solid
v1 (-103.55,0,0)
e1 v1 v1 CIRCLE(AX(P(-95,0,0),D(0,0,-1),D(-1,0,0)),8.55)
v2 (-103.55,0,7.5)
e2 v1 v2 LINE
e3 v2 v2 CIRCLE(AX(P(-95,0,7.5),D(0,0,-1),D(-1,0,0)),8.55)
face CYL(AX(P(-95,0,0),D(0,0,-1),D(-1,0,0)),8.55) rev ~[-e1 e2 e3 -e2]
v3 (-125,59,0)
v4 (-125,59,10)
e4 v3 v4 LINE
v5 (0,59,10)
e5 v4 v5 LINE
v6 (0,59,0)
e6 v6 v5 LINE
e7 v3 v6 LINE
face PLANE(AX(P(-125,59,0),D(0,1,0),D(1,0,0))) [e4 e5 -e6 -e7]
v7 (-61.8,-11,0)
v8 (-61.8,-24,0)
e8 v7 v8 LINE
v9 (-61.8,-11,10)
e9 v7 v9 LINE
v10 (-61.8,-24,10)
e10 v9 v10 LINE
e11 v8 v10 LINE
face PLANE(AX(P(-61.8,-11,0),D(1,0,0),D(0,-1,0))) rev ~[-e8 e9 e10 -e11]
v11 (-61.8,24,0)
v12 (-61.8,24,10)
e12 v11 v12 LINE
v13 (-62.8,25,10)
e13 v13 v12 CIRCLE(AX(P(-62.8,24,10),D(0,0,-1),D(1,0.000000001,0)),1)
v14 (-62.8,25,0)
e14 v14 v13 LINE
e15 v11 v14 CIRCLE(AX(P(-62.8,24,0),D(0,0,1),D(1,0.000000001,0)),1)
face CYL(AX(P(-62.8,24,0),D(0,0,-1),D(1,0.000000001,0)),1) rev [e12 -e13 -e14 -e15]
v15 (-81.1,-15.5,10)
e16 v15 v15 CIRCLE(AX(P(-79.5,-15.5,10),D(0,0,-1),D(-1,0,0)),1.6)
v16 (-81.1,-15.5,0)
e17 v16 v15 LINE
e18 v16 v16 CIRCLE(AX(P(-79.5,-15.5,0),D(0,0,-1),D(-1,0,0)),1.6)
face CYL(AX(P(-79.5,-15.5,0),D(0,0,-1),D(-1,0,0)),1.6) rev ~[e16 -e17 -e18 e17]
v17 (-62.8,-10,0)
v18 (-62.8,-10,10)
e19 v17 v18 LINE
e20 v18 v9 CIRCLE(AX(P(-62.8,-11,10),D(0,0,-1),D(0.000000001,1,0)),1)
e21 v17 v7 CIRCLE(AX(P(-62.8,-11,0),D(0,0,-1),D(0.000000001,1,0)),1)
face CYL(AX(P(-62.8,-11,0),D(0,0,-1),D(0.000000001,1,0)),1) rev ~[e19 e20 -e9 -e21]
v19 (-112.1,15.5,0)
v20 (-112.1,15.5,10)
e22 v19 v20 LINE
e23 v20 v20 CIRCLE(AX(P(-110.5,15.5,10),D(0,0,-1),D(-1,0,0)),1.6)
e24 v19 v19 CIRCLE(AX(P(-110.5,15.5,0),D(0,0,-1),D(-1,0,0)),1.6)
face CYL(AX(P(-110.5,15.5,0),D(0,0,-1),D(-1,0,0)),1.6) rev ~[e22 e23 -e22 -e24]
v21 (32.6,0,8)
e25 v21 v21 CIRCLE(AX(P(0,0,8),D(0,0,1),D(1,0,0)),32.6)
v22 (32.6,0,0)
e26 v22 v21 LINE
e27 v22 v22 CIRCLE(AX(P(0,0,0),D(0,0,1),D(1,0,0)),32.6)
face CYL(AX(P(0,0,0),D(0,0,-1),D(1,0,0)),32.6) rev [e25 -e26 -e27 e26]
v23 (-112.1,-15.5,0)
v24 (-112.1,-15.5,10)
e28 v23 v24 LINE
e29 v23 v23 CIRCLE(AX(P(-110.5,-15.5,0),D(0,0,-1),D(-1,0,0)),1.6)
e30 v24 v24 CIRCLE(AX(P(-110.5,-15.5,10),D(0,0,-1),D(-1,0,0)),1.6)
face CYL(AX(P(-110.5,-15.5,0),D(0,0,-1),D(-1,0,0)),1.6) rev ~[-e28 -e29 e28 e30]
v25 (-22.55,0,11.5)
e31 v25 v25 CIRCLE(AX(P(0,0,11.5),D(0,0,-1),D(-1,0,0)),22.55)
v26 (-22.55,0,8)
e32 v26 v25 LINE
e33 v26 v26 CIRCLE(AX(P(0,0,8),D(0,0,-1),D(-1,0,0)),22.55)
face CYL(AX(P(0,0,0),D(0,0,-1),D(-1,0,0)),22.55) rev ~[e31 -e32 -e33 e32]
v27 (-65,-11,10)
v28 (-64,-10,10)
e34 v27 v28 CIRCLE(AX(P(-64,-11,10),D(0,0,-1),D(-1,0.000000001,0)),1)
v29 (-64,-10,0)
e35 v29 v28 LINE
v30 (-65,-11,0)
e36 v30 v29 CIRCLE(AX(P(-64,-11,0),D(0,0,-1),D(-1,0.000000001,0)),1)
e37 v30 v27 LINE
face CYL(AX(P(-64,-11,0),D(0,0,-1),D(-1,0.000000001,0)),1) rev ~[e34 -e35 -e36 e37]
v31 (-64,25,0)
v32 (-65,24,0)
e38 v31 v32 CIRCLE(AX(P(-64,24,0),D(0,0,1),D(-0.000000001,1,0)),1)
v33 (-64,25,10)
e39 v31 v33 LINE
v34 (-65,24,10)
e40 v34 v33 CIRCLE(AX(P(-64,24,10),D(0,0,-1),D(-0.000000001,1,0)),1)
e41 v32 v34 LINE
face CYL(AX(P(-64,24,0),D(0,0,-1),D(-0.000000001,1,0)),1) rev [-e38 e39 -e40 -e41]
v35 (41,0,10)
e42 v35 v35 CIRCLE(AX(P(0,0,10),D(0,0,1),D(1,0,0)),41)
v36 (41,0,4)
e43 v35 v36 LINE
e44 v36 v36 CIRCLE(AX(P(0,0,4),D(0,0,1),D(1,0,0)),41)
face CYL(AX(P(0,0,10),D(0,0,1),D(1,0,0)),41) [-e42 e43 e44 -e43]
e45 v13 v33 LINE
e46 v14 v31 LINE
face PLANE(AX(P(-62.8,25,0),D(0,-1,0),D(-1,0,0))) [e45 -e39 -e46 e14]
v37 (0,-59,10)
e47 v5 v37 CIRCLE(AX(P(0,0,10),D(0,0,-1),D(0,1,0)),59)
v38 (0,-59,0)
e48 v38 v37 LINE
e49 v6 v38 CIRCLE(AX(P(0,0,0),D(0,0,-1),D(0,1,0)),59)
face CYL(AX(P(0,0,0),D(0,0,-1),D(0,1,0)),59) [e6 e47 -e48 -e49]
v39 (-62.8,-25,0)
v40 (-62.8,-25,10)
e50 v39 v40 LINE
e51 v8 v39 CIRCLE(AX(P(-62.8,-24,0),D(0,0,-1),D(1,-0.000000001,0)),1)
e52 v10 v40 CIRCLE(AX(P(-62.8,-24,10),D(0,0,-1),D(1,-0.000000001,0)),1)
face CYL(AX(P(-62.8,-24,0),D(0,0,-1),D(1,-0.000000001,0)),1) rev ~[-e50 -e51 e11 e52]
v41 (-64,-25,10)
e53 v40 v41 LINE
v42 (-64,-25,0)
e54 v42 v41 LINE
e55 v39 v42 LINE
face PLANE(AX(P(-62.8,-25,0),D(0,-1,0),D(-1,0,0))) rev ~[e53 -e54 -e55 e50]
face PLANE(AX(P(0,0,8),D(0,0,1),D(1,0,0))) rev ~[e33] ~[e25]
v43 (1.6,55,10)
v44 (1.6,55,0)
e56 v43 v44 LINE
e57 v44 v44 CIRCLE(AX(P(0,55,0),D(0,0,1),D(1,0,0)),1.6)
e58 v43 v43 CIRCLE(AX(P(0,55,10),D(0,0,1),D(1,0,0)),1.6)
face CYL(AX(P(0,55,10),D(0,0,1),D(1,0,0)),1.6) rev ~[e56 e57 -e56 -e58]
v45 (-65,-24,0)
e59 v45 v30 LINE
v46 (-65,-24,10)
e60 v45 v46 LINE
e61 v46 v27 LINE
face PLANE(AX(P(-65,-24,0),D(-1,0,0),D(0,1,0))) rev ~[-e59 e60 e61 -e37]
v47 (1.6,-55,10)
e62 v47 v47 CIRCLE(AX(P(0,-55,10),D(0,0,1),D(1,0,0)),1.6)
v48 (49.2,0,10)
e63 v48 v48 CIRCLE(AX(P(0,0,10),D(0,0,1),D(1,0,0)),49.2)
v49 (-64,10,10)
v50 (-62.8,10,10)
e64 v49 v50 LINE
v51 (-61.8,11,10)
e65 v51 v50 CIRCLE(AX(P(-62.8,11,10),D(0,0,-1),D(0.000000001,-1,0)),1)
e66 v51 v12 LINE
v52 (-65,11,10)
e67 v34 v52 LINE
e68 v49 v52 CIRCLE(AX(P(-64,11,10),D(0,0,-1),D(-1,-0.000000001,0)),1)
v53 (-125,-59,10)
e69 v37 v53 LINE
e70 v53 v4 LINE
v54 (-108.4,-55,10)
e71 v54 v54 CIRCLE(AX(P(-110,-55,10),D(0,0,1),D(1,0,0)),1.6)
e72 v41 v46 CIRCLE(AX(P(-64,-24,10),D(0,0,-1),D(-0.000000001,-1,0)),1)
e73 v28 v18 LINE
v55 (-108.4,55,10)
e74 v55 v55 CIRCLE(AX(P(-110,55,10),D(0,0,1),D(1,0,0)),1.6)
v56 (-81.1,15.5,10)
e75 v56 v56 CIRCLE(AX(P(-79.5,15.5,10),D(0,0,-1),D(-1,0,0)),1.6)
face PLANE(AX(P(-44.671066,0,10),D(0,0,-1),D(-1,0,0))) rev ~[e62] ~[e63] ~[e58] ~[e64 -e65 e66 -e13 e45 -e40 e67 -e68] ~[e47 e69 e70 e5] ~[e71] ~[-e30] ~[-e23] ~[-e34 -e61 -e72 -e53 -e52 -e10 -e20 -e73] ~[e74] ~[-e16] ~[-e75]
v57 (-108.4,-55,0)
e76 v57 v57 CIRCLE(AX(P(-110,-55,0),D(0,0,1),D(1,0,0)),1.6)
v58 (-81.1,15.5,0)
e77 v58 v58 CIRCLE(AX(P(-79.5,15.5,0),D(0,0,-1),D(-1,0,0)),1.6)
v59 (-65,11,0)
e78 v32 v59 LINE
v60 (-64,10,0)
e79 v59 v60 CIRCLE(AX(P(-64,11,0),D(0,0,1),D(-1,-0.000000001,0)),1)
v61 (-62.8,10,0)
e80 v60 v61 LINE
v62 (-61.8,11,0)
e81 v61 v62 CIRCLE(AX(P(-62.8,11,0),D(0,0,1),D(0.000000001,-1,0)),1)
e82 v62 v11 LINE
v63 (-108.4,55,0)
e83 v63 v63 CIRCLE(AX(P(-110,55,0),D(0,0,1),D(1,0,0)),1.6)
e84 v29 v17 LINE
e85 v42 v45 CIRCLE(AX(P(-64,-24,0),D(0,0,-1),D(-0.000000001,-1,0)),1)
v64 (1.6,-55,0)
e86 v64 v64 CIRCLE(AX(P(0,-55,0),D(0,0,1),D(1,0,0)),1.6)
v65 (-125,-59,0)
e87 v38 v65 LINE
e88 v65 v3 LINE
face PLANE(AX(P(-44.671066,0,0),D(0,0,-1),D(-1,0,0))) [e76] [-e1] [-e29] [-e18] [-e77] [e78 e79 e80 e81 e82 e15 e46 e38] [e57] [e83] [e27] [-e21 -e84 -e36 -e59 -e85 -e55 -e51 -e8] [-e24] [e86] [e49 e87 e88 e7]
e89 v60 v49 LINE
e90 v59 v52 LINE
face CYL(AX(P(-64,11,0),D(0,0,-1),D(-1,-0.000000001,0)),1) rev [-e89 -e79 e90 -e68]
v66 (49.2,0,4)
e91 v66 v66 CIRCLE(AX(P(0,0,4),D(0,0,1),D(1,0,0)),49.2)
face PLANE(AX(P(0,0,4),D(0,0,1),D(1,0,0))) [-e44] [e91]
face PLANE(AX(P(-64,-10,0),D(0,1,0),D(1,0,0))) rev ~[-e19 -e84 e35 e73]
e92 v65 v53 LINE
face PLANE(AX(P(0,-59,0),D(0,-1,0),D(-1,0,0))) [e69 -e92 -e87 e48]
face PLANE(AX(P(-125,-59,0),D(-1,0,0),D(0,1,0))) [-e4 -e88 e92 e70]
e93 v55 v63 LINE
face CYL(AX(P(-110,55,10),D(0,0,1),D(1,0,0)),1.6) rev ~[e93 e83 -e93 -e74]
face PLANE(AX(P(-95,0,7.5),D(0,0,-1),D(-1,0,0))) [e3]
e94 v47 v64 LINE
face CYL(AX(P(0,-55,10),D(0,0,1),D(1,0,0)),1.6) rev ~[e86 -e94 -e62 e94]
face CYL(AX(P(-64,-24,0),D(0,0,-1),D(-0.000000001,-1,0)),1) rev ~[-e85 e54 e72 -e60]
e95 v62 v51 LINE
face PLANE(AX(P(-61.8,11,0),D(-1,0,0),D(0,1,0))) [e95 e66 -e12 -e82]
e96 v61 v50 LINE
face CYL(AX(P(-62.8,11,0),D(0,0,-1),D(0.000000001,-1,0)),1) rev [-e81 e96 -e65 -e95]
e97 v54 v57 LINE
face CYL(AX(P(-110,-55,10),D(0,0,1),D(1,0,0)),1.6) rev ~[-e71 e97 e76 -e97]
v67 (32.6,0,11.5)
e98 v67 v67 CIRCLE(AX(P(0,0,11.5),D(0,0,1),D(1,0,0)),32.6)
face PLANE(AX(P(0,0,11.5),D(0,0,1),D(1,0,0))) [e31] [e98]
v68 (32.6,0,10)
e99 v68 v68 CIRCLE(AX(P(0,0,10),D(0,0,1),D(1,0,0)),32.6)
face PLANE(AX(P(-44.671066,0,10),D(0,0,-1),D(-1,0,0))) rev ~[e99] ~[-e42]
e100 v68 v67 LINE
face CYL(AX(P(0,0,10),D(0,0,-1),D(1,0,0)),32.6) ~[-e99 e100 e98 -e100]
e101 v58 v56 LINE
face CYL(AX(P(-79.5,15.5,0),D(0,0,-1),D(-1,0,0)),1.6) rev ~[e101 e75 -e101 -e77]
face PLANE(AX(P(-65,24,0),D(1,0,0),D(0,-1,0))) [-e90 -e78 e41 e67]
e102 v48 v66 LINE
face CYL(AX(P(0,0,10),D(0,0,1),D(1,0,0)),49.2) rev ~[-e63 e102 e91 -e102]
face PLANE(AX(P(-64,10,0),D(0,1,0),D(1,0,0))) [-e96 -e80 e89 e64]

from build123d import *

# Parameters (mm, degrees)
BOSS_EXTRUDE1_DEPTH = 10
SKETCH2_R           = 32.6
BOSS_EXTRUDE2_DEPTH = 1.5
CUT_EXTRUDE1_START  = -10
SKETCH3_R           = 32.6
SKETCH3_R_2         = 22.5
CUT_EXTRUDE1_DEPTH  = 8
SKETCH6_R           = 1.6
CUT_EXTRUDE4_DEPTH  = 10
SKETCH7_R           = 8.55
CUT_EXTRUDE5_DEPTH  = 7.5
SKETCH5_R           = 49.2
SKETCH5_R_2         = 41
CUT_EXTRUDE7_DEPTH  = 6
SKETCH9_R           = 1.6
CUT_EXTRUDE8_DEPTH  = 139.702018731
SKETCH10_R          = 22.55
CUT_EXTRUDE9_DEPTH  = 139.702018731
CUT_EXTRUDE10_DEPTH = 139.702018731


with BuildPart() as part:
    # Sketch1 → Boss-Extrude1 (new body)
    with BuildSketch(Plane.XY):
        with BuildLine():
            Line((-125, 59), (0, 59))
            ThreePointArc((0, 59), (59, 0), (0, -59))
            Line((0, -59), (-125, -59))
            Line((-125, -59), (-125, 59))
        make_face()
    extrude(amount=BOSS_EXTRUDE1_DEPTH)

    # Sketch2 → Boss-Extrude2 (add)
    with BuildSketch(Plane.XY.offset(10)):
        Circle(SKETCH2_R)
    extrude(amount=BOSS_EXTRUDE2_DEPTH)

    # Sketch3 → Cut-Extrude1 (cut)
    with BuildSketch(Plane.XY.offset(10).offset(CUT_EXTRUDE1_START)):
        Circle(SKETCH3_R)
        Circle(SKETCH3_R_2, mode=Mode.SUBTRACT)
    extrude(amount=CUT_EXTRUDE1_DEPTH, mode=Mode.SUBTRACT)

    # Sketch6 → Cut-Extrude4 (cut)
    with BuildSketch(Plane.XY.offset(10)):
        with Locations((0, -55)):
            Circle(SKETCH6_R)
        with Locations((-110, -55)):
            Circle(SKETCH6_R)
        with Locations((-110, 55)):
            Circle(SKETCH6_R)
        with Locations((0, 55)):
            Circle(SKETCH6_R)
    extrude(amount=-CUT_EXTRUDE4_DEPTH, mode=Mode.SUBTRACT)

    # Sketch7 → Cut-Extrude5 (cut)
    with BuildSketch(Plane(origin=(0, 0, 0), x_dir=(-1, 0, 0), z_dir=(0, 0, -1))):
        with Locations((95, 0)):
            Circle(SKETCH7_R)
    extrude(amount=-CUT_EXTRUDE5_DEPTH, mode=Mode.SUBTRACT)

    # Sketch5 → Cut-Extrude7 (cut)
    with BuildSketch(Plane.XY.offset(10)):
        Circle(SKETCH5_R)
        Circle(SKETCH5_R_2, mode=Mode.SUBTRACT)
    extrude(amount=-CUT_EXTRUDE7_DEPTH, mode=Mode.SUBTRACT)

    # Sketch9 → Cut-Extrude8 (cut, through all)
    with BuildSketch(Plane(origin=(0, 0, 0), x_dir=(-1, 0, 0), z_dir=(0, 0, -1))):
        with Locations((79.5, -15.5)):
            Circle(SKETCH9_R)
        with Locations((79.5, 15.5)):
            Circle(SKETCH9_R)
        with Locations((110.5, 15.5)):
            Circle(SKETCH9_R)
        with Locations((110.5, -15.5)):
            Circle(SKETCH9_R)
    extrude(amount=-CUT_EXTRUDE8_DEPTH, mode=Mode.SUBTRACT)

    # Sketch10 → Cut-Extrude9 (cut, through all)
    with BuildSketch(Plane(origin=(0, 0, 0), x_dir=(-1, 0, 0), z_dir=(0, 0, -1))):
        Circle(SKETCH10_R)
    extrude(amount=-CUT_EXTRUDE9_DEPTH, mode=Mode.SUBTRACT)

    # Sketch11 → Cut-Extrude10 (cut, through all)
    with BuildSketch(Plane(origin=(0, 0, 0), x_dir=(-1, 0, 0), z_dir=(0, 0, -1))):
        with BuildLine():
            Line((65, -24), (65, -11))
            ThreePointArc((65, -11), (64.707106781, -10.292893219), (64, -10))
            Line((64, -10), (62.8, -10))
            ThreePointArc((62.8, -10), (62.092893219, -10.292893219), (61.8, -11))
            Line((61.8, -11), (61.8, -24))
            ThreePointArc((61.8, -24), (62.092893219, -24.707106781), (62.8, -25))
            Line((62.8, -25), (64, -25))
            ThreePointArc((64, -25), (64.707106781, -24.707106781), (65, -24))
        make_face()
        with BuildLine():
            Line((62.8, 25), (64, 25))
            ThreePointArc((64, 25), (64.707106781, 24.707106781), (65, 24))
            Line((65, 24), (65, 11))
            ThreePointArc((65, 11), (64.707106781, 10.292893219), (64, 10))
            Line((64, 10), (62.8, 10))
            ThreePointArc((62.8, 10), (62.092893219, 10.292893219), (61.8, 11))
            Line((61.8, 11), (61.8, 24))
            ThreePointArc((61.8, 24), (62.092893219, 24.707106781), (62.8, 25))
        make_face()
    extrude(amount=-CUT_EXTRUDE10_DEPTH, mode=Mode.SUBTRACT)


solid = part.part
